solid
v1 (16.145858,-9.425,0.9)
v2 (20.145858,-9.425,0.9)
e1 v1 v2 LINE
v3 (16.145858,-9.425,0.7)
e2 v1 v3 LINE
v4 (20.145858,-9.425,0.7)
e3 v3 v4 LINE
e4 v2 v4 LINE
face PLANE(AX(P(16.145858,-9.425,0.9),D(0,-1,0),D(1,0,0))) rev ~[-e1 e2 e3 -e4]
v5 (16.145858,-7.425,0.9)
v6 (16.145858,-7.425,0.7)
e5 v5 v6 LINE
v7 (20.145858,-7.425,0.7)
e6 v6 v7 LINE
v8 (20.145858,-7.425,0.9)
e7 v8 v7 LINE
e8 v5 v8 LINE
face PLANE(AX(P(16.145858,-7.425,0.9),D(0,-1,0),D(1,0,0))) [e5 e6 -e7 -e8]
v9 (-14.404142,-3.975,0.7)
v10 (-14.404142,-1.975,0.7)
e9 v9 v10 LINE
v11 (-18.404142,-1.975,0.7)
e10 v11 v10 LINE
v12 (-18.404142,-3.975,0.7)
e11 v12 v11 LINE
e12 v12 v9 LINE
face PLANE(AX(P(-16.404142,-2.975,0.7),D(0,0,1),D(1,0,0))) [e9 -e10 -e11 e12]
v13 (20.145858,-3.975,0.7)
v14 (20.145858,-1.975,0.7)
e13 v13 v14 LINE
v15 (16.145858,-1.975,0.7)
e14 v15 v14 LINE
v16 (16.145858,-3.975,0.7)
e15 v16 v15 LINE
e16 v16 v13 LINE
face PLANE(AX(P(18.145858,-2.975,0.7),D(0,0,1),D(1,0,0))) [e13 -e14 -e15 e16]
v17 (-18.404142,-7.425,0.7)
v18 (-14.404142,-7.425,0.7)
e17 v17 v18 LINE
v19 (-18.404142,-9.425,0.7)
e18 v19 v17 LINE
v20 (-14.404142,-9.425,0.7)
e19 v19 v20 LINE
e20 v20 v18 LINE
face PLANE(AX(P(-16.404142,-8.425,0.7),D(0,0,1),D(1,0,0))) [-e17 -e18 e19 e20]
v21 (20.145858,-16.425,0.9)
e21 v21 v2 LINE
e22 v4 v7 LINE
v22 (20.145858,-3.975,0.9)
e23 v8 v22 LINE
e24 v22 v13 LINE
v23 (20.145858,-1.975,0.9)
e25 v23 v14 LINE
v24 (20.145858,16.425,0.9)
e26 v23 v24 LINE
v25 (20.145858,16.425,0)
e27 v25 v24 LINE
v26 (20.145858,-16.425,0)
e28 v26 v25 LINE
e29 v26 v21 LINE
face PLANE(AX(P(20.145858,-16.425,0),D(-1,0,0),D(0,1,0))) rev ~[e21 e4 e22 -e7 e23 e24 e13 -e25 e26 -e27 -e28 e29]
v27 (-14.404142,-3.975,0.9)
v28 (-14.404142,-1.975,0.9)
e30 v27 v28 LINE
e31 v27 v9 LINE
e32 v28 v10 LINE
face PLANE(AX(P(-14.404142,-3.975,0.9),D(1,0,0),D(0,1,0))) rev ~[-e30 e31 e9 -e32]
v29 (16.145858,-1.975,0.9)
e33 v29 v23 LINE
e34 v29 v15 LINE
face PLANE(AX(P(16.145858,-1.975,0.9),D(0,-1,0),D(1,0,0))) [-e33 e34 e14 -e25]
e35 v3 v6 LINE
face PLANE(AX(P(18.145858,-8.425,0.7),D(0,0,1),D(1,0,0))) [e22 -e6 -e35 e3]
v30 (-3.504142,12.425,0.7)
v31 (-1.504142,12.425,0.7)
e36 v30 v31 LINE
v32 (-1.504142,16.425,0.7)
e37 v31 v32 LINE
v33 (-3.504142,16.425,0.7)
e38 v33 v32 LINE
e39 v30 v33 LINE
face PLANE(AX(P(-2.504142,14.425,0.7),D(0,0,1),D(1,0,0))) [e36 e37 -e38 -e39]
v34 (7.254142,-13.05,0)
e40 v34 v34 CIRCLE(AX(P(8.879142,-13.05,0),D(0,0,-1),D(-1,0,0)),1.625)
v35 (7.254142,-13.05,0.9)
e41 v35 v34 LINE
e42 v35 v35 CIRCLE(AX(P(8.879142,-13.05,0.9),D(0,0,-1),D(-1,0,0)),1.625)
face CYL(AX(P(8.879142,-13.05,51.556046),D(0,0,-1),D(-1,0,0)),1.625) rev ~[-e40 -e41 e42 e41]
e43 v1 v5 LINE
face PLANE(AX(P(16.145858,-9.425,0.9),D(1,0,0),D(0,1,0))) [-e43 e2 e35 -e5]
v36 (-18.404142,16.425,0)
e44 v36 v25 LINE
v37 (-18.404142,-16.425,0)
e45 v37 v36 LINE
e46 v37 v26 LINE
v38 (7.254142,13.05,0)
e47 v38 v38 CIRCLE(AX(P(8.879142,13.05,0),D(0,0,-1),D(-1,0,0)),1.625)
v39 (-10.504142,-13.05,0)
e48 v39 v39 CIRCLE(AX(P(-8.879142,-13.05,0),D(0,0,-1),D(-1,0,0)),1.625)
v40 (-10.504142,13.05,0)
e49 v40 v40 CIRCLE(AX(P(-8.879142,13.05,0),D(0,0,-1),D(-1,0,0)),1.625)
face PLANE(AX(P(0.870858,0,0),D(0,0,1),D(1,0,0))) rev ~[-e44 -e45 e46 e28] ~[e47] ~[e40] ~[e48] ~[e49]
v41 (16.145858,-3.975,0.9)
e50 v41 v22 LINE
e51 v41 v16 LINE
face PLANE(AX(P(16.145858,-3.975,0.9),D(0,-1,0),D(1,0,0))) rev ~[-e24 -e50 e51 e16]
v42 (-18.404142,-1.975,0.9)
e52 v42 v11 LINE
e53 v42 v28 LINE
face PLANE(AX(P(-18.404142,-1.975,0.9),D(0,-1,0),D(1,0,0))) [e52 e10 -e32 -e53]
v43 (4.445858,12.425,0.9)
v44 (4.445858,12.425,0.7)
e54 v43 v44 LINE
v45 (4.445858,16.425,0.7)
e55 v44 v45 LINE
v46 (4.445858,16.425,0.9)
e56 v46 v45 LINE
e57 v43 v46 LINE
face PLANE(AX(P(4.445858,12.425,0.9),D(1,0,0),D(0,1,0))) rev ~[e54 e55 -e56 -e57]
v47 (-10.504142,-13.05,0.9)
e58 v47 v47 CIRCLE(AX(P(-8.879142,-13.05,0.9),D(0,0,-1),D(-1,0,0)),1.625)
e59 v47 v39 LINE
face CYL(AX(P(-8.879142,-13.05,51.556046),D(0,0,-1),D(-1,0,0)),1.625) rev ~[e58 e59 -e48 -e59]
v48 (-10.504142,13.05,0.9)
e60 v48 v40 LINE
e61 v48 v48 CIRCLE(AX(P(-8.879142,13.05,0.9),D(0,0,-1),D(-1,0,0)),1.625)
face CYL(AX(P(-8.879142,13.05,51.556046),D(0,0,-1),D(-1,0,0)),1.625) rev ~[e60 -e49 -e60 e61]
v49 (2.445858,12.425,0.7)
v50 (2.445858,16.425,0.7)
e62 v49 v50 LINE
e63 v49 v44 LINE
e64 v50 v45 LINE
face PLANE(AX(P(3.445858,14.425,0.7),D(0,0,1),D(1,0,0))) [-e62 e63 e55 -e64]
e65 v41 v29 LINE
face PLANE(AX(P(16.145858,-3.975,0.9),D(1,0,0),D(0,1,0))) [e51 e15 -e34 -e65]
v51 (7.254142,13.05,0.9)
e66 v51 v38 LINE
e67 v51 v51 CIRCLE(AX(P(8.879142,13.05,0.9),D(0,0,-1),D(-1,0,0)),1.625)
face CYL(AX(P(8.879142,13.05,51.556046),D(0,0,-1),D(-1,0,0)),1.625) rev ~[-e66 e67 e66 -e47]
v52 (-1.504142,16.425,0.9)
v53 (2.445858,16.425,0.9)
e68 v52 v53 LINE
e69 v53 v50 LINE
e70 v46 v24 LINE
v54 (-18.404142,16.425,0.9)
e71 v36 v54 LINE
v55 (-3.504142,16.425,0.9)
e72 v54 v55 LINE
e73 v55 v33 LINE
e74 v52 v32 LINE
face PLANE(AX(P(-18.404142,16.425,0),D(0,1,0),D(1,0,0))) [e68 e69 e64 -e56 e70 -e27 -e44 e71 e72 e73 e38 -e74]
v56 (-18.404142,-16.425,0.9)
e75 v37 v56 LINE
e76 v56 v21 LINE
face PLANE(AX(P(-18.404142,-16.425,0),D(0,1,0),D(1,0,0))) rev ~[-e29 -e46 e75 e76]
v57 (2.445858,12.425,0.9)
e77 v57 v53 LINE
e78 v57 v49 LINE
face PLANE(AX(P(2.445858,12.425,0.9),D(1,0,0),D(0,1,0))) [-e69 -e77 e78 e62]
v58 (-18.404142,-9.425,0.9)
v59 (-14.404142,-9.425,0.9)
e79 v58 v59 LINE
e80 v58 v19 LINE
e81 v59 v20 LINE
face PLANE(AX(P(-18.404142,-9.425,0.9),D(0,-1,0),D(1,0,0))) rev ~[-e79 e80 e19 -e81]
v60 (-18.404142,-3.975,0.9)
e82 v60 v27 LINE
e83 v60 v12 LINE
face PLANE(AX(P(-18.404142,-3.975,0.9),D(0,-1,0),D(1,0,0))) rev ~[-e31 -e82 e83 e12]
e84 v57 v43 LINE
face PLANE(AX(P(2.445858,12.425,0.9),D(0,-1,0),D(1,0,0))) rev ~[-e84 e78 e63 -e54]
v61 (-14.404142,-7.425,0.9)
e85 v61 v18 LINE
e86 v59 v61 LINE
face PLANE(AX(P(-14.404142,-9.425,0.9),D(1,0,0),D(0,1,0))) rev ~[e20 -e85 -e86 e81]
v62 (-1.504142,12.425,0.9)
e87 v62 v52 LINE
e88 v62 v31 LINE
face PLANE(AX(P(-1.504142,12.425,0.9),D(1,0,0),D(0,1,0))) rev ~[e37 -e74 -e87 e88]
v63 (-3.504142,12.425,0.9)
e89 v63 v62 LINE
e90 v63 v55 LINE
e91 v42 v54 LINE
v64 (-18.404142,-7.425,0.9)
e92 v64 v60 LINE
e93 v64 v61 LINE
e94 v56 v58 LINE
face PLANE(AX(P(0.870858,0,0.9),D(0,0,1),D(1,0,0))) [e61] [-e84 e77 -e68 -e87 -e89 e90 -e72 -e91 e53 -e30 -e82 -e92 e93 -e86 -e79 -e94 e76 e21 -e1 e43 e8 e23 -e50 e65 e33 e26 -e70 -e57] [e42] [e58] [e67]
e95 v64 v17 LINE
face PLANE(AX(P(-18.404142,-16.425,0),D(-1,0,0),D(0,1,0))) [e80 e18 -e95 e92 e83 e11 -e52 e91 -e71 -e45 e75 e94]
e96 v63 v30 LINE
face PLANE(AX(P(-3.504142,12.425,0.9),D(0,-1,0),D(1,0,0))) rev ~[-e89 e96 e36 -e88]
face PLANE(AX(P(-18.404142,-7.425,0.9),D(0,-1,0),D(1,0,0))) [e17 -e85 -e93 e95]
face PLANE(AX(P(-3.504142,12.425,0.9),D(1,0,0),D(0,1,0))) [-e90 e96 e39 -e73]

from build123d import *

# Parameters (mm, degrees)
F0_W     = 38.55
F0_H     = 32.85
F1_DEPTH = 0.9
F3_D     = 3.25
F4_W     = 2
F4_H     = 4
F4_W_2   = 4
F4_H_2   = 2
F5_DEPTH = 0.2


with BuildPart() as f1:
    # F0 (on Top) → F1 (new body)
    with BuildSketch(Plane.XY):
        with Locations((0.870858, 0)):
            Rectangle(F0_W, F0_H)
    extrude(amount=F1_DEPTH)

    # F3 (through all)
    with Locations(Plane.XY.offset(0.9)):
        with Locations((-8.879142, 13.05), (8.879142, 13.05), (8.879142, -13.05), (-8.879142, -13.05)):
            Hole(F3_D / 2)

    # F4 (on face) → F5 (cut)
    with BuildSketch(Plane.XY.offset(0.9)):
        with Locations((-2.504142, 14.425)):
            Rectangle(F4_W, F4_H)
        with Locations((3.445858, 14.425)):
            Rectangle(F4_W, F4_H)
        with Locations((18.145858, -2.975)):
            Rectangle(F4_W_2, F4_H_2)
        with Locations((18.145858, -8.425)):
            Rectangle(F4_W_2, F4_H_2)
        with Locations((-16.404142, -8.425)):
            Rectangle(F4_W_2, F4_H_2)
        with Locations((-16.404142, -2.975)):
            Rectangle(F4_W_2, F4_H_2)
    extrude(amount=-F5_DEPTH, mode=Mode.SUBTRACT)


solid = f1.part
